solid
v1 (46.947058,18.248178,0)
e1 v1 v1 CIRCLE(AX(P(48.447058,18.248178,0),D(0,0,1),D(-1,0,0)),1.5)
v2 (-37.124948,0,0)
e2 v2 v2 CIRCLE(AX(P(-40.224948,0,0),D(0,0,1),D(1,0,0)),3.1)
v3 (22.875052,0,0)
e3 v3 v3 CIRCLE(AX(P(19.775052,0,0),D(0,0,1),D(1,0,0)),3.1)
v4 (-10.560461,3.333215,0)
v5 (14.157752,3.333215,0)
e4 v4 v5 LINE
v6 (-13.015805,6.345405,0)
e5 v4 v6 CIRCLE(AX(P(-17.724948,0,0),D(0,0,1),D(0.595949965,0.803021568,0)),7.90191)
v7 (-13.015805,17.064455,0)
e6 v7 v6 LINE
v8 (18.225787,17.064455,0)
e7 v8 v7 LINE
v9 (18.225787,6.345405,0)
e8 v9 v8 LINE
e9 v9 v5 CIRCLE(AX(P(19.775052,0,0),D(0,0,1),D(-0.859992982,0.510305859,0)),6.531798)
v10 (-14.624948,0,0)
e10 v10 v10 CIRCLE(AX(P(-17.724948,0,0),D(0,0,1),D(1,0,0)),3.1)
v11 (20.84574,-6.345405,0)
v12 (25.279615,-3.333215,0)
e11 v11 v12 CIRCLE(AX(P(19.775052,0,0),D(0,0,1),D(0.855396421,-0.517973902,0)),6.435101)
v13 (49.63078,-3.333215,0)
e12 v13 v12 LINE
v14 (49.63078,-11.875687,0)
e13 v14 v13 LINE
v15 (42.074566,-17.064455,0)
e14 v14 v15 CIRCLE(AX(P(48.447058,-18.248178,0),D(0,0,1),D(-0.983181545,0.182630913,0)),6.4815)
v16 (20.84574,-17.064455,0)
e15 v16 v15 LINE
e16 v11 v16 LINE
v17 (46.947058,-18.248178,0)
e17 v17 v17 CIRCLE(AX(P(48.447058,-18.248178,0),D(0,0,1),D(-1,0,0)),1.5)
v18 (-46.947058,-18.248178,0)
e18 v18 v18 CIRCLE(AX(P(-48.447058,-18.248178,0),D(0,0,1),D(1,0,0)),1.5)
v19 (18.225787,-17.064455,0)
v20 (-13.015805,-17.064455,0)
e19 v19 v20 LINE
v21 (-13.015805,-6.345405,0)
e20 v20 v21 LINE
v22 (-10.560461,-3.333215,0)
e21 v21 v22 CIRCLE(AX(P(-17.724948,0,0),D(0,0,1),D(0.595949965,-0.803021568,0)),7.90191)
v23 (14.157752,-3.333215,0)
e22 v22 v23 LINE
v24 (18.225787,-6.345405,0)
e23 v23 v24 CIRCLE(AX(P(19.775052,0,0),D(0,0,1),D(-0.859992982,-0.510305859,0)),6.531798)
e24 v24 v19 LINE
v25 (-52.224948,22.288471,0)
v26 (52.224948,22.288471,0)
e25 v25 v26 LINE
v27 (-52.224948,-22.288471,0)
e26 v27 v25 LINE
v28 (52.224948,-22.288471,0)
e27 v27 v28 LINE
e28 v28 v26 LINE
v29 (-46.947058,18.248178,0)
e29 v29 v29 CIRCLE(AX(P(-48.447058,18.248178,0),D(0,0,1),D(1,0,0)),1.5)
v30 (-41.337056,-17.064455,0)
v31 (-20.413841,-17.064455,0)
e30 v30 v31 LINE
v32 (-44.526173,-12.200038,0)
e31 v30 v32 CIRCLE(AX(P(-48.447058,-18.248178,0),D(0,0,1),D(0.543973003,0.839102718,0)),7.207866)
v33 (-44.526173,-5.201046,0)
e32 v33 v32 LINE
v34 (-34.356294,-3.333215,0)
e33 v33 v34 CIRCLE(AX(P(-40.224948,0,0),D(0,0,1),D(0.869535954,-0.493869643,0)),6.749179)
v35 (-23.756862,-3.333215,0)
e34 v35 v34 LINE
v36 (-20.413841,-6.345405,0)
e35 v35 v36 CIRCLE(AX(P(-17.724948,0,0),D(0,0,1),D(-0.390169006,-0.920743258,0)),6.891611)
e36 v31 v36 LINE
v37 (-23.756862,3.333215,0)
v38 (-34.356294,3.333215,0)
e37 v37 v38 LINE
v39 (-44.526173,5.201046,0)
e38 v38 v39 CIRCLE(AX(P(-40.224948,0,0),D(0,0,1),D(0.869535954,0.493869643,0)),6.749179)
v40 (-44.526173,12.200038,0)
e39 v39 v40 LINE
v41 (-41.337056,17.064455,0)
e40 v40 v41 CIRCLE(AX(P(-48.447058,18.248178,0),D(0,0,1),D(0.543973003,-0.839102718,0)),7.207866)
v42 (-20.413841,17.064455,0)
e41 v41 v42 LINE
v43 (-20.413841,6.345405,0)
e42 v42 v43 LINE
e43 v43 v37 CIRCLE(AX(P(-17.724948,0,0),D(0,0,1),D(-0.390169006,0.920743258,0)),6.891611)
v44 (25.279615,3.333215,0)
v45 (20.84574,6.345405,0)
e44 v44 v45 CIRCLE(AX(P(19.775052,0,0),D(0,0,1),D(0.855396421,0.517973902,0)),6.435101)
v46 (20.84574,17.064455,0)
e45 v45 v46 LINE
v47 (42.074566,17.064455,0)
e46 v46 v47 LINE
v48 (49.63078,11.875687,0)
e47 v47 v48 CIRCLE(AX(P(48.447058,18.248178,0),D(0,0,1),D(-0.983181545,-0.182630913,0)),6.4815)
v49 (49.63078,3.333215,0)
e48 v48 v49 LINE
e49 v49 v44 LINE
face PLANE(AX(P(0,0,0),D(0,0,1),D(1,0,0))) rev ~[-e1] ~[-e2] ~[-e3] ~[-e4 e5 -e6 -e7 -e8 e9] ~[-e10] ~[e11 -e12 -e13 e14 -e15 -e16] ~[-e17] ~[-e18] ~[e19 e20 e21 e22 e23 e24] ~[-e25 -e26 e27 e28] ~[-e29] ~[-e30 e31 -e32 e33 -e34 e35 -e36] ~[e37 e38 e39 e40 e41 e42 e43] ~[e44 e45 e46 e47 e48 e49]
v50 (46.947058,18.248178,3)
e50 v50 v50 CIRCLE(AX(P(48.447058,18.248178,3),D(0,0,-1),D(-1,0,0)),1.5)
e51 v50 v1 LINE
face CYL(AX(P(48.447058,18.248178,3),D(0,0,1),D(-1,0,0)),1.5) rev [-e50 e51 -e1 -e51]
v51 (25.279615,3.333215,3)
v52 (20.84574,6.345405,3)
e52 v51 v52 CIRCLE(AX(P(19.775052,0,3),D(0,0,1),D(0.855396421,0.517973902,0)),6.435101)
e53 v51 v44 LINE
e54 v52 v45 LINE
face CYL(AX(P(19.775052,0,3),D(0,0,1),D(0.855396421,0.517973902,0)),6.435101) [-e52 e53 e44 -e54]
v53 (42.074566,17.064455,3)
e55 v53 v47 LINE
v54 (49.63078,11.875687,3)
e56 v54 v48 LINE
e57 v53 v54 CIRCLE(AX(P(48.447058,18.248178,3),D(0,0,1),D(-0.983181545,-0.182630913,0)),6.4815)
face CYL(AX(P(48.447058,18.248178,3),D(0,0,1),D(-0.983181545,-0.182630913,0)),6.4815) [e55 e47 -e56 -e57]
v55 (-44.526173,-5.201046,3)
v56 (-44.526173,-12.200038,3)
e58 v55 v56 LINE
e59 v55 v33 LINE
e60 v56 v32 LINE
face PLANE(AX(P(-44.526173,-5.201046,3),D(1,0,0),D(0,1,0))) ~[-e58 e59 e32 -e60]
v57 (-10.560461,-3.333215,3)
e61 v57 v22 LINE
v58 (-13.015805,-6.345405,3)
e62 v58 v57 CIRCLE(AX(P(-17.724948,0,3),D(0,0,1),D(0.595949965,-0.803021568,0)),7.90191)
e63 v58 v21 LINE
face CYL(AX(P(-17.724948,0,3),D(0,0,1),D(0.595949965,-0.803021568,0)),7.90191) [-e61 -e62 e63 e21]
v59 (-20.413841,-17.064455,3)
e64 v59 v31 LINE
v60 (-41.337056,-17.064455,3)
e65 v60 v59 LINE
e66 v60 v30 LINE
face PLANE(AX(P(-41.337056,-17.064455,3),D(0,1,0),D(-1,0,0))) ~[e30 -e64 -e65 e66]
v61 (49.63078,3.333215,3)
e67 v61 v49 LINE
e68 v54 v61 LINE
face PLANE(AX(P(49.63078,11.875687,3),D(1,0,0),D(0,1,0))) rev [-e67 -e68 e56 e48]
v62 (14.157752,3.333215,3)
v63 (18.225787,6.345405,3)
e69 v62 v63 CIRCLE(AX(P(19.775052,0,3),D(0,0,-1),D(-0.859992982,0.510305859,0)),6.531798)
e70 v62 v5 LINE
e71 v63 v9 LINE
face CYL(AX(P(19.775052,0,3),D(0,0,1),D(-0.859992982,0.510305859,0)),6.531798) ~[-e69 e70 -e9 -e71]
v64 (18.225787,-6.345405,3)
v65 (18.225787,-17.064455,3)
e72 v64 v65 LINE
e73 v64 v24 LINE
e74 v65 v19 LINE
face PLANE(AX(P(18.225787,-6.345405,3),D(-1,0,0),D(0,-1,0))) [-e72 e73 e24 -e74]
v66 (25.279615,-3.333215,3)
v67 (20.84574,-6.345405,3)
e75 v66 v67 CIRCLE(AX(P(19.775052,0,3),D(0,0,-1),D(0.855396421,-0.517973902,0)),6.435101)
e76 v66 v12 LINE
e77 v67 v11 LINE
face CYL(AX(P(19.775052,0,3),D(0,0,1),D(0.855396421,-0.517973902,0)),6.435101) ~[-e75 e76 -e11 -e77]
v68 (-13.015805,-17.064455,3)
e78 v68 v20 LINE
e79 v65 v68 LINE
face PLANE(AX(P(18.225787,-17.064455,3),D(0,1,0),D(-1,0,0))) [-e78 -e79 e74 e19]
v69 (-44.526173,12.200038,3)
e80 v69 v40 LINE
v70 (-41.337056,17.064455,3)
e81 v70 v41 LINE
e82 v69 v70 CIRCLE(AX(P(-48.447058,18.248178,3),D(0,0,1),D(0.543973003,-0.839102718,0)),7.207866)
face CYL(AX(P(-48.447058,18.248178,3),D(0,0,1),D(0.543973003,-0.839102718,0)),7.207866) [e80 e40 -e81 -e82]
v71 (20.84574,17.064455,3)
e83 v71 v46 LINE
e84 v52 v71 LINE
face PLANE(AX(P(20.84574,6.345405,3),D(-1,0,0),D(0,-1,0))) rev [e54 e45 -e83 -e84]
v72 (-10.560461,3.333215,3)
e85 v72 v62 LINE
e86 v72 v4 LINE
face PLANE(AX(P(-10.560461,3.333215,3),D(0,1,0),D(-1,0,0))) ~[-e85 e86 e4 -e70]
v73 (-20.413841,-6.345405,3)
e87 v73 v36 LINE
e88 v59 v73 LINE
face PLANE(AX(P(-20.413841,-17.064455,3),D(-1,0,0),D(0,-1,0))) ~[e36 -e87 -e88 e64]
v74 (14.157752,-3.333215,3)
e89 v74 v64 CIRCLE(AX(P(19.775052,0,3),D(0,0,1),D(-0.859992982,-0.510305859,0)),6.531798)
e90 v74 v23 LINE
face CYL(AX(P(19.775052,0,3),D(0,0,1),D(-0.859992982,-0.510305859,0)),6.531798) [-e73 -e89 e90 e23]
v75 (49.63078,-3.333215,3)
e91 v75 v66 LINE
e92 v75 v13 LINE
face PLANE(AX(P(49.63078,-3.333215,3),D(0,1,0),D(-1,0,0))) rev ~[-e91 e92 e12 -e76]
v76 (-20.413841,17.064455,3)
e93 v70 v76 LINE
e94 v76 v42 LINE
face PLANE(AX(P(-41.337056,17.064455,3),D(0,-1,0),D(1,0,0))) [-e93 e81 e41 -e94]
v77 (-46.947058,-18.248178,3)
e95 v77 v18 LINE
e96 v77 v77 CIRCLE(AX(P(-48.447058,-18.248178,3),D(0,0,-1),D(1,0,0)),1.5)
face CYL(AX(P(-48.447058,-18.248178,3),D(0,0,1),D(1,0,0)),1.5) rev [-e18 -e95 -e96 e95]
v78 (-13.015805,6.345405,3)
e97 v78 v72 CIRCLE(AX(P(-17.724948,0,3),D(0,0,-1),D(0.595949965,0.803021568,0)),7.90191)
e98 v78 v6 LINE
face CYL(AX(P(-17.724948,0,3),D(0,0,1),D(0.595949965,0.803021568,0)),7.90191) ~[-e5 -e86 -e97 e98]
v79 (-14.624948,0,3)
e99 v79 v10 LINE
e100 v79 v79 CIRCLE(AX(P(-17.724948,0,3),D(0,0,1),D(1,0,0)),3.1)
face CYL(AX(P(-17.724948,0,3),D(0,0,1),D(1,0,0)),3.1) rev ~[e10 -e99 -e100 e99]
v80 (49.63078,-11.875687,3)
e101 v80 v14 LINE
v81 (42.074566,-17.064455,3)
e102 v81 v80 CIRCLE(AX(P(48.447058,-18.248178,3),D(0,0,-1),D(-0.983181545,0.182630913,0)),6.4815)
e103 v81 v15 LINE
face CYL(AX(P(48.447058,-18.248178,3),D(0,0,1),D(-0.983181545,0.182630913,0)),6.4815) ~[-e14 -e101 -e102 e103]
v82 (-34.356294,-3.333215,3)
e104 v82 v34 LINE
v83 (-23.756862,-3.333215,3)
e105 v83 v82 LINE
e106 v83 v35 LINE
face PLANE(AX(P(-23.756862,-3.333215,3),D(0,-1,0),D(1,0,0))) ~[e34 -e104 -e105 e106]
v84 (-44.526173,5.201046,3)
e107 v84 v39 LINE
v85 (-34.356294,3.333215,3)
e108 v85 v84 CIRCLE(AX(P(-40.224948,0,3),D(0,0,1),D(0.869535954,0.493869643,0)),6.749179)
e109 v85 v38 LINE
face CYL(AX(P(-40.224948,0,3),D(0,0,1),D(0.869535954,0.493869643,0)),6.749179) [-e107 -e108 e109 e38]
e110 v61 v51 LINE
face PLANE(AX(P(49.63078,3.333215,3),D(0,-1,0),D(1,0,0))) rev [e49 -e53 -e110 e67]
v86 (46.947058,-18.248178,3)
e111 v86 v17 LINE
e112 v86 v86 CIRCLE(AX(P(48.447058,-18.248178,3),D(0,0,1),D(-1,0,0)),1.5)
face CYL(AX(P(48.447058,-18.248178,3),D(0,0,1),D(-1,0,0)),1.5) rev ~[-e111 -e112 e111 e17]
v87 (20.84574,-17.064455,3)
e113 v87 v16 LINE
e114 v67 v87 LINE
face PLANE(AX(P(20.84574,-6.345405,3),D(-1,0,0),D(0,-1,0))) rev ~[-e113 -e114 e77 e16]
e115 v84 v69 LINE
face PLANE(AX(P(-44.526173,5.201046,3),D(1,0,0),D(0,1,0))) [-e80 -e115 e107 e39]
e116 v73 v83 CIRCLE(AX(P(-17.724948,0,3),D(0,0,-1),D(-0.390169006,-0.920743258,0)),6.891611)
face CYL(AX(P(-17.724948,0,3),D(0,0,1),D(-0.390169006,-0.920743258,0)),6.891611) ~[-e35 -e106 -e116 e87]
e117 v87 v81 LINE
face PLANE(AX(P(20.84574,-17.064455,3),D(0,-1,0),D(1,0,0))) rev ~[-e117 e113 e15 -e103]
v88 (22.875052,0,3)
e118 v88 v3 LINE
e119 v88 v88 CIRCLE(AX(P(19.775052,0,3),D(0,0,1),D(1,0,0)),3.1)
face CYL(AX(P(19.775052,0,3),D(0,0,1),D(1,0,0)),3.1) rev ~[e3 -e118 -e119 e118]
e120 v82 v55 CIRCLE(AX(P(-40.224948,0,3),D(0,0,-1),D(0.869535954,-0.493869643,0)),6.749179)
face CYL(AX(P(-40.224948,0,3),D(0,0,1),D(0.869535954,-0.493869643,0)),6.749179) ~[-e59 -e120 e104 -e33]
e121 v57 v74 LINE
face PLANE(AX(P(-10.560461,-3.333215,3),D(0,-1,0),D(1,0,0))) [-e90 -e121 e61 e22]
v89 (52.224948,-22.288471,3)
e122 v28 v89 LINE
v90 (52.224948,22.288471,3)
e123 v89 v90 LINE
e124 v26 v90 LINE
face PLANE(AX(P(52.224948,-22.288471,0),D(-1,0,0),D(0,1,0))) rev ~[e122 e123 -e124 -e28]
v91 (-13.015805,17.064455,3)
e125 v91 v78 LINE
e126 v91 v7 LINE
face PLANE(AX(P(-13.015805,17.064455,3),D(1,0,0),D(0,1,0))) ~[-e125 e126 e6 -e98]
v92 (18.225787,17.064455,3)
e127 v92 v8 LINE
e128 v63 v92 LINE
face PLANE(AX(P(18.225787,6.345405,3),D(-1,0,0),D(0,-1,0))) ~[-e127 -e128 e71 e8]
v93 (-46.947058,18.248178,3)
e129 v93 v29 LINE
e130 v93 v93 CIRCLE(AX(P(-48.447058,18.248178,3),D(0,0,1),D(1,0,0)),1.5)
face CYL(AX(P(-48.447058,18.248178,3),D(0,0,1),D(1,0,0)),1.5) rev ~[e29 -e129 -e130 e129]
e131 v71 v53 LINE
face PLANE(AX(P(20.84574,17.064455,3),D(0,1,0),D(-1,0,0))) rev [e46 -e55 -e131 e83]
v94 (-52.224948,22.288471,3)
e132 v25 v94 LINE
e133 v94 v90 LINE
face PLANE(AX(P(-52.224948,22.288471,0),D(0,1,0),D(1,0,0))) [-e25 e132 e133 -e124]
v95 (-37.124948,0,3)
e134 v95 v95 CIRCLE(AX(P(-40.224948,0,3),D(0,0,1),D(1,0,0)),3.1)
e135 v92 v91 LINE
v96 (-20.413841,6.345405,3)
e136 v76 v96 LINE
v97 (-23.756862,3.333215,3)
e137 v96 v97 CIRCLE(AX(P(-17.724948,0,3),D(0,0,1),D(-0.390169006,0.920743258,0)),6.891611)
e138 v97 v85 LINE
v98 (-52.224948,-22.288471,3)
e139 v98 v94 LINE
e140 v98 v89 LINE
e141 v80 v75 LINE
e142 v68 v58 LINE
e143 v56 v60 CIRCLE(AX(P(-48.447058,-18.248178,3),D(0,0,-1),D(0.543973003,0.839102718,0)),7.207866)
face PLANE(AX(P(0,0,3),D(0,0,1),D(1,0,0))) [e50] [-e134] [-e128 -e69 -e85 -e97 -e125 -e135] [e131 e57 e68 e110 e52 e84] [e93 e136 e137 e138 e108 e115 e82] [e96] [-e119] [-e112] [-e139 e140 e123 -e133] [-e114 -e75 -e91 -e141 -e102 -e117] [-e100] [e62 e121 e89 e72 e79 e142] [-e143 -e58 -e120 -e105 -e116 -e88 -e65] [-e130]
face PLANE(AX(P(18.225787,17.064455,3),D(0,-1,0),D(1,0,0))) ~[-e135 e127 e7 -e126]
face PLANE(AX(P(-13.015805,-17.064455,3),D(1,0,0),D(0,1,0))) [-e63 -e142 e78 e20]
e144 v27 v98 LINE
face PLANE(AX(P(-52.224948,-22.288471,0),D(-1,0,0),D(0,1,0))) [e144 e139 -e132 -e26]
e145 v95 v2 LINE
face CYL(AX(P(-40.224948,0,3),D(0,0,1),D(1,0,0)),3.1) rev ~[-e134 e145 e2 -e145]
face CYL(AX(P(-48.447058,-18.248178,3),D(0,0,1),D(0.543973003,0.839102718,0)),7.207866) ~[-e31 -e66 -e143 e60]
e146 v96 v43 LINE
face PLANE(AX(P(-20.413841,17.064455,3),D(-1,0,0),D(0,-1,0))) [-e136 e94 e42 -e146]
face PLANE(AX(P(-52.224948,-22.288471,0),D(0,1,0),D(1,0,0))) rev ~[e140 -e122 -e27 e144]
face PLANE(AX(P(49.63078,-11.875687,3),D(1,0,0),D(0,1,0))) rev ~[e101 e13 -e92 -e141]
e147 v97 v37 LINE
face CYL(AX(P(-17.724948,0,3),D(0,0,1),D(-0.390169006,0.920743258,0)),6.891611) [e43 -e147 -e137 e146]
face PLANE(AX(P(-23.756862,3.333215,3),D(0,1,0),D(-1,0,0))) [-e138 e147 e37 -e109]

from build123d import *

# Parameters (mm, degrees)
SKETCH1_W               = 104.449895642
SKETCH1_H               = 44.57694291
BOSS_EXTRUDE1_DEPTH     = 3
SKETCH3_R               = 3.1
CUT_EXTRUDE1_DEPTH      = 10
SKETCH4_R               = 1.5
CUT_EXTRUDE2_DEPTH      = 10
MIRROR2_COPY_1_SKETCH_R = 1.5
MIRROR2_COPY_1_DEPTH    = 10
CUT_EXTRUDE3_DEPTH      = 57.861420442
CUT_EXTRUDE4_DEPTH      = 57.861420442
CUT_EXTRUDE5_DEPTH      = 57.861420442


with BuildPart() as part:
    # Sketch1 → Boss-Extrude1 (new body)
    with BuildSketch(Plane.XY):
        Rectangle(SKETCH1_W, SKETCH1_H)
    extrude(amount=BOSS_EXTRUDE1_DEPTH)

    # Sketch3 → Cut-Extrude1 (cut)
    with BuildSketch(Plane.XY.offset(3)):
        with Locations((19.775052179, 0)):
            Circle(SKETCH3_R)
        with Locations((-17.724947821, 0)):
            Circle(SKETCH3_R)
        with Locations((-40.224947821, 0)):
            Circle(SKETCH3_R)
    extrude(amount=-CUT_EXTRUDE1_DEPTH, mode=Mode.SUBTRACT)

    # Sketch4 → Cut-Extrude2 (cut)
    with BuildSketch(Plane.XY.offset(3)):
        with Locations((-48.447057672, 18.248177723)):
            Circle(SKETCH4_R)
    cut_extrude2 = extrude(amount=-CUT_EXTRUDE2_DEPTH, mode=Mode.SUBTRACT)

    # Mirror1: Cut-Extrude2 across plane
    add(cut_extrude2.mirror(Plane(origin=(0, 0, 0), x_dir=(0, 0, 1), z_dir=(1, 0, 0))), mode=Mode.SUBTRACT)

    # Mirror2: Cut-Extrude2 across plane
    add(cut_extrude2.mirror(Plane.ZX), mode=Mode.SUBTRACT)

    # Mirror2 copy 1 sketch → Mirror2 copy 1 (cut)
    with BuildSketch(Plane(origin=(0, 0, 3), x_dir=(-1, 0, 0), z_dir=(0, 0, 1))):
        with Locations((-48.447057672, 18.248177723)):
            Circle(MIRROR2_COPY_1_SKETCH_R)
    extrude(amount=-MIRROR2_COPY_1_DEPTH, mode=Mode.SUBTRACT)

    # Sketch5 → Cut-Extrude3 (cut, through all)
    with BuildSketch(Plane.XY.offset(3)):
        with BuildLine():
            Line((-41.337055779, 17.064455462), (-20.413840907, 17.064455462))
            Line((-20.413840907, 17.064455462), (-20.413840907, 6.345404524))
            ThreePointArc((-20.413840907, 6.345404524), (-22.338128988, 5.11985001), (-23.756861687, 3.333214622))
            Line((-23.756861687, 3.333214622), (-34.356294023, 3.333214622))
            ThreePointArc((-34.356294023, 3.333214622), (-39.005765332, 6.638148173), (-44.52617342, 5.201045612))
            Line((-44.52617342, 5.201045612), (-44.52617342, 12.200038175))
            ThreePointArc((-44.52617342, 12.200038175), (-42.419143342, 14.296270065), (-41.337055779, 17.064455462))
        make_face()
    cut_extrude3 = extrude(amount=-CUT_EXTRUDE3_DEPTH, mode=Mode.SUBTRACT)

    # Mirror3: Cut-Extrude3 across plane
    add(cut_extrude3.mirror(Plane.ZX), mode=Mode.SUBTRACT)

    # Sketch6 → Cut-Extrude4 (cut, through all)
    with BuildSketch(Plane.XY.offset(3)):
        with BuildLine():
            Line((-13.015804561, -17.064455462), (-13.015804561, -6.345404524))
            ThreePointArc((-13.015804561, -6.345404524), (-11.600072812, -4.992604025), (-10.56046116, -3.333214622))
            Line((-10.56046116, -3.333214622), (14.157752022, -3.333214622))
            ThreePointArc((14.157752022, -3.333214622), (15.888120713, -5.249394684), (18.225787128, -6.345404524))
            Line((18.225787128, -6.345404524), (18.225787128, -17.064455462))
            Line((18.225787128, -17.064455462), (-13.015804561, -17.064455462))
        make_face()
    cut_extrude4 = extrude(amount=-CUT_EXTRUDE4_DEPTH, mode=Mode.SUBTRACT)

    # Mirror4: Cut-Extrude4 across plane
    add(cut_extrude4.mirror(Plane.ZX), mode=Mode.SUBTRACT)

    # Sketch7 → Cut-Extrude5 (cut, through all)
    with BuildSketch(Plane.XY.offset(3)):
        with BuildLine():
            Line((20.845739993, -6.345404524), (20.845739993, -17.064455462))
            Line((20.845739993, -17.064455462), (42.074566495, -17.064455462))
            ThreePointArc((42.074566495, -17.064455462), (44.778043986, -12.905127961), (49.630779933, -11.875686546))
            Line((49.630779933, -11.875686546), (49.630779933, -3.333214622))
            Line((49.630779933, -3.333214622), (25.279614946, -3.333214622))
            ThreePointArc((25.279614946, -3.333214622), (23.391238299, -5.322943633), (20.845739993, -6.345404524))
        make_face()
    cut_extrude5 = extrude(amount=-CUT_EXTRUDE5_DEPTH, mode=Mode.SUBTRACT)

    # Mirror5: Cut-Extrude5 across plane
    add(cut_extrude5.mirror(Plane.ZX), mode=Mode.SUBTRACT)


solid = part.part
